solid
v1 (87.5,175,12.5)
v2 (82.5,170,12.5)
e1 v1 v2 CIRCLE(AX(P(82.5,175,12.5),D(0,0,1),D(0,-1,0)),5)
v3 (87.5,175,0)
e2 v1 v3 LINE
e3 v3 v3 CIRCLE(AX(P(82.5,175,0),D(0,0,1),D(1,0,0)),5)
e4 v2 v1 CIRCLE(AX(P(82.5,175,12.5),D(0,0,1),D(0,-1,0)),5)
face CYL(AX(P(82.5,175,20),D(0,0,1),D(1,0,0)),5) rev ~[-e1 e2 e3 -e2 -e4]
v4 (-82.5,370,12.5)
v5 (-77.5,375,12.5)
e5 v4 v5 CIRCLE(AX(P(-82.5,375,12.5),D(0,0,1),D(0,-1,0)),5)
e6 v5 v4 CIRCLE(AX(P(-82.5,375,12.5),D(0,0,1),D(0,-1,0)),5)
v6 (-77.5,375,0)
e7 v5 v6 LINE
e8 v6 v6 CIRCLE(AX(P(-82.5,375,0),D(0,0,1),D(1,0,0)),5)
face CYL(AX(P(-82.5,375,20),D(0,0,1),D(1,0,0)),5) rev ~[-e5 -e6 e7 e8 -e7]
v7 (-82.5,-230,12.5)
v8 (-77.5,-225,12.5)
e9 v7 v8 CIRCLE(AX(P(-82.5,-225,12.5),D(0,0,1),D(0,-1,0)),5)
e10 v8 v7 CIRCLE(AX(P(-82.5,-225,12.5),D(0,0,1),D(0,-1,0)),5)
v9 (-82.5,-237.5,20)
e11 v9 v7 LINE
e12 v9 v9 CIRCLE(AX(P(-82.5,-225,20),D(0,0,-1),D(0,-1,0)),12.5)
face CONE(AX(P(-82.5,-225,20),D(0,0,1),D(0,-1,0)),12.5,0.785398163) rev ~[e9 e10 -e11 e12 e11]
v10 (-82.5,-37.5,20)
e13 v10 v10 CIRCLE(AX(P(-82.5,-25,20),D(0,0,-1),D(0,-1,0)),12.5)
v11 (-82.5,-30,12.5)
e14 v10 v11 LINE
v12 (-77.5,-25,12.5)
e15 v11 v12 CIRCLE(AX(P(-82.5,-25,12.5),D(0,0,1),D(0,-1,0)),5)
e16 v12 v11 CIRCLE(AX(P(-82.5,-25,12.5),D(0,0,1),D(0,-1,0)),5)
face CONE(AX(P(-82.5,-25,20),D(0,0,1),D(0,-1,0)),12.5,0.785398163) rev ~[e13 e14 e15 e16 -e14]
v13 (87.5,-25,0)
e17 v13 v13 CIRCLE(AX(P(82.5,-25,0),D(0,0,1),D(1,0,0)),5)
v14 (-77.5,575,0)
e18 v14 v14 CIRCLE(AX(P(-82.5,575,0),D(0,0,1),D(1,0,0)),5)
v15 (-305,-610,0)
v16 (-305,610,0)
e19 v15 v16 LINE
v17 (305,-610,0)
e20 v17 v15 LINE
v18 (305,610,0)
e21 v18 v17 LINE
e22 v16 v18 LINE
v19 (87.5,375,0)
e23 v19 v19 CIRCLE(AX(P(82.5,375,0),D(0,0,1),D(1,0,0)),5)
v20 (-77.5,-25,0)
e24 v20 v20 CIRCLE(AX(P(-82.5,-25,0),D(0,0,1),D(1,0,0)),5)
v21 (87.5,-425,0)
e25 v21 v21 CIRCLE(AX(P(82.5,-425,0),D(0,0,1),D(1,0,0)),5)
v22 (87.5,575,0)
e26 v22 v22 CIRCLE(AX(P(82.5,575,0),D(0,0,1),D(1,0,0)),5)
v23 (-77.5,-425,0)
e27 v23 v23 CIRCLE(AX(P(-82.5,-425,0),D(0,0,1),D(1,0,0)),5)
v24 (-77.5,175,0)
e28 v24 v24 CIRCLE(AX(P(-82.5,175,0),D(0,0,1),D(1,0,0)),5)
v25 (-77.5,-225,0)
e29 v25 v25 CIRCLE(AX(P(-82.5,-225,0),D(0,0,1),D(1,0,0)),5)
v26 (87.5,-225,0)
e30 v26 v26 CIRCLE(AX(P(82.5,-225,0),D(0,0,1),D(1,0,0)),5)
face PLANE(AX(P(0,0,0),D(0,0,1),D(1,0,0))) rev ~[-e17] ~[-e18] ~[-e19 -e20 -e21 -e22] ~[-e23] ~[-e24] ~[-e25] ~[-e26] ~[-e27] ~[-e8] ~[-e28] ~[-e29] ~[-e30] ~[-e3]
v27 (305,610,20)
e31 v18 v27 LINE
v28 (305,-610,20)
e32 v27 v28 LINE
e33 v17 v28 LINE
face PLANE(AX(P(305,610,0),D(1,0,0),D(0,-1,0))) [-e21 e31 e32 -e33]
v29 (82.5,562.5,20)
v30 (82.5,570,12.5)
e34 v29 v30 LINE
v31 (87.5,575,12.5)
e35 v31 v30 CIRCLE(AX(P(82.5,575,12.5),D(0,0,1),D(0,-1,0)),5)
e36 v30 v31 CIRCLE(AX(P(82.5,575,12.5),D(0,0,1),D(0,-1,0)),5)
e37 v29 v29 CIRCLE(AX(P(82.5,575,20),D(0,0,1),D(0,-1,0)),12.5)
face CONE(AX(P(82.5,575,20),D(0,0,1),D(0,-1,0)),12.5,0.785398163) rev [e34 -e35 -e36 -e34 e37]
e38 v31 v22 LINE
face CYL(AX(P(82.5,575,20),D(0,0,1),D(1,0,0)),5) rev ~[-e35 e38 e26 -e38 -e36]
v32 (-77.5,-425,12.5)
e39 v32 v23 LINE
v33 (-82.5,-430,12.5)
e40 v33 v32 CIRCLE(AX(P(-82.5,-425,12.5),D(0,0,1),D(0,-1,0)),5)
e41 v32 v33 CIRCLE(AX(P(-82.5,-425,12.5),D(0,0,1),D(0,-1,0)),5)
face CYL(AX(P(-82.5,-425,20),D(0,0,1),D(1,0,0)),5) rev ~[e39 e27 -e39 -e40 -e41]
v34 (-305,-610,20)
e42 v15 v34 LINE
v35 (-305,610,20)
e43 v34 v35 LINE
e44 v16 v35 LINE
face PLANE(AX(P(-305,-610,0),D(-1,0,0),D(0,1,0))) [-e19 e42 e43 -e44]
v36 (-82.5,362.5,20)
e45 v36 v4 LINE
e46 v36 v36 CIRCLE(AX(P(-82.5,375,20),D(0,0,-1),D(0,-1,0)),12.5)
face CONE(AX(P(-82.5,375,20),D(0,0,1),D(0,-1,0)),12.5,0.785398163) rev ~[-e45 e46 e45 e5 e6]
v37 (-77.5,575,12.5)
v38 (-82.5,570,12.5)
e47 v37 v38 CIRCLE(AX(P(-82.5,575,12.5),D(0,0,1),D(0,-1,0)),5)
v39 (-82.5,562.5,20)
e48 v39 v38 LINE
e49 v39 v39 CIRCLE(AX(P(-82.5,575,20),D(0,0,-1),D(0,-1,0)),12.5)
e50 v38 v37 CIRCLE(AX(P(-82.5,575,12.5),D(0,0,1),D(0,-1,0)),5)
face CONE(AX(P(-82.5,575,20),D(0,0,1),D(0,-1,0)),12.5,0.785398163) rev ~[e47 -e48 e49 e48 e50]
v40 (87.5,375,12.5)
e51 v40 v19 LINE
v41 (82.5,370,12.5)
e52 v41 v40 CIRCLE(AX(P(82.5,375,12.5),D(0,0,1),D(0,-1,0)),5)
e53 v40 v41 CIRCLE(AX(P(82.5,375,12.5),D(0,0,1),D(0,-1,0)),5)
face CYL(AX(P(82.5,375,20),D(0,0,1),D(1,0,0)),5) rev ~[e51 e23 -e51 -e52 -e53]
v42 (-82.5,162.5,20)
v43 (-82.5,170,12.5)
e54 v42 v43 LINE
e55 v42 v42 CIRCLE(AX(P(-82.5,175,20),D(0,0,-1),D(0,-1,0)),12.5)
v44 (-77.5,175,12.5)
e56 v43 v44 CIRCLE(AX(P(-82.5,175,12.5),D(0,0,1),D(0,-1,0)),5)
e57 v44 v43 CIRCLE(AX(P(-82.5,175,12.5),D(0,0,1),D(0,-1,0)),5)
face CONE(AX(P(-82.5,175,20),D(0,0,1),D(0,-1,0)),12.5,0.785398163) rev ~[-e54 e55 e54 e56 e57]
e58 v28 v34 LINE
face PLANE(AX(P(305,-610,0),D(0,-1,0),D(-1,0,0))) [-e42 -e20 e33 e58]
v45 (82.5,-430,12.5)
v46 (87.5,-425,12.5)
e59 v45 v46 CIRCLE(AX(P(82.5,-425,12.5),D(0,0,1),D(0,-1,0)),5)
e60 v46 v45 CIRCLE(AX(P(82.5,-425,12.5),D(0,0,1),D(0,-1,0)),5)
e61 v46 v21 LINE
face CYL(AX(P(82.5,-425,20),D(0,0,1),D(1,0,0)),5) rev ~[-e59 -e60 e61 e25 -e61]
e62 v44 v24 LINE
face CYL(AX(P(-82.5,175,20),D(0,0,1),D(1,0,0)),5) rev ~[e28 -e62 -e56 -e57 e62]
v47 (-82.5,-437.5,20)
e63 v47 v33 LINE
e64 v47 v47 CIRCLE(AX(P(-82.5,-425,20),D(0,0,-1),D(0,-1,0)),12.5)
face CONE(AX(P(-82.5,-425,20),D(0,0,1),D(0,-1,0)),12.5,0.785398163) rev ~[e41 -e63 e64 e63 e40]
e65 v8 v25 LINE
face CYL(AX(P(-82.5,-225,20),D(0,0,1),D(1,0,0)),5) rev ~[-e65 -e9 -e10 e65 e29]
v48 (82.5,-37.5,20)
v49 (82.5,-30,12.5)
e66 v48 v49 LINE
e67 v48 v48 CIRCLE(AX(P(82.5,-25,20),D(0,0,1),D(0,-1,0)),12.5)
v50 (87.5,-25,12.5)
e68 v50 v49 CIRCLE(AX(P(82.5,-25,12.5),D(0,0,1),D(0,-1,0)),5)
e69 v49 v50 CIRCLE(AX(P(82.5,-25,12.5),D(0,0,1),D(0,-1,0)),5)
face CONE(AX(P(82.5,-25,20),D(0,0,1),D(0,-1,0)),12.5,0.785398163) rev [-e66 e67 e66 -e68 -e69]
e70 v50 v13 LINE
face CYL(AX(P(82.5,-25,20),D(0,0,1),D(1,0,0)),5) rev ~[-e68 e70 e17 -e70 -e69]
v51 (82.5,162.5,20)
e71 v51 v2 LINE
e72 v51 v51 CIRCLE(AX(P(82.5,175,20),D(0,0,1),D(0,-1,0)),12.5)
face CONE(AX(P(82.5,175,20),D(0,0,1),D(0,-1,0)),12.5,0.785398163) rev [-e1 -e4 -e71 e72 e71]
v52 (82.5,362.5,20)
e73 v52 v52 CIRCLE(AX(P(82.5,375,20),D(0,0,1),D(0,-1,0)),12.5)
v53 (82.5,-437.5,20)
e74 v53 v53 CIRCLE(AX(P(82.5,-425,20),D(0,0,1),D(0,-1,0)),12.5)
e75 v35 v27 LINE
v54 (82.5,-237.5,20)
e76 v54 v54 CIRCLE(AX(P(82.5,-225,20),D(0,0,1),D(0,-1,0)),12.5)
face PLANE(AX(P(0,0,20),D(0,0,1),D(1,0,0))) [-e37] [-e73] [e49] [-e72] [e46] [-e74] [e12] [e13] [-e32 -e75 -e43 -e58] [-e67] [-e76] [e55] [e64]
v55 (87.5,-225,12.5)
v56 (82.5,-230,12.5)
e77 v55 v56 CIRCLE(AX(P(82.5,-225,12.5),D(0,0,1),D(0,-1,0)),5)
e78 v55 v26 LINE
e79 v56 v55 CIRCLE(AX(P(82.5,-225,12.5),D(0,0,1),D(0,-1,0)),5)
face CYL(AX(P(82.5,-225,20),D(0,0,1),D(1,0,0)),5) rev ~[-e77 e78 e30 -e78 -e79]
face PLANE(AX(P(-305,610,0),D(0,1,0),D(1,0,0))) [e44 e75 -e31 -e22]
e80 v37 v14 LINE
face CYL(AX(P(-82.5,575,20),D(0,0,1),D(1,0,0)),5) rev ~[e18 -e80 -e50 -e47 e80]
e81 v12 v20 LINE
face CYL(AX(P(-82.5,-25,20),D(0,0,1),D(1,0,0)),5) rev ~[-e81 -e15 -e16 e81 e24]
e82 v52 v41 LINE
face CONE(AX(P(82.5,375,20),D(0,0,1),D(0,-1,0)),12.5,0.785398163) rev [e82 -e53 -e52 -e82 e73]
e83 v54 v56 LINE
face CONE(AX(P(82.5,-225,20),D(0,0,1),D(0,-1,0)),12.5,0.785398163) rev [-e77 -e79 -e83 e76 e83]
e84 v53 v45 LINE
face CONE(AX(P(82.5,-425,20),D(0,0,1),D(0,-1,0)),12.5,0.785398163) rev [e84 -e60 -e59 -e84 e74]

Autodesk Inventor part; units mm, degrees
ref_plane "YZ Plane" through (0, 0, 0) normal (1, 0, 0) x (0, 1, 0)
ref_plane "XZ Plane" through (0, 0, 0) normal (0, 1, 0) x (-1, 0, 0)
ref_plane "XY Plane" through (0, 0, 0) normal (0, 0, 1) x (1, 0, 0)
sketch "Sketch1" plane through (0, 0, 0) normal (0, 0, 1) x (1, 0, 0)
  line L0 (-305, 610) -> (305, 610)
  line L1 (305, 610) -> (305, -610)
  line L2 (305, -610) -> (-305, -610)
  line L3 (-305, -610) -> (-305, 610)
  line L4 (-305, 610) -> (305, -610) construction
  line L5 (305, 610) -> (-305, -610) construction
  point P0 (0, 0)
  dimension "d0" = 610
  dimension "d1" = 1220
extrude "Extrusion1" add sketch "Sketch1" along normal blind 20
sketch "Sketch2" plane through (0, 0, 20) normal (0, 0, 1) x (1, 0, 0)
  circle A0 centre (82.5, 575) radius 5 projected
  circle A1 centre (82.5, -25) radius 5 projected
  circle A2 centre (82.5, 375) radius 5 projected
  circle A3 centre (82.5, -225) radius 5 projected
  circle A4 centre (82.5, 175) radius 5 projected
  arc A5 (92.5, -250) -> (97.5, -245) centre (92.5, -245) ccw projected
  line L0 (69.5, -250) -> (92.5, -250) projected
  line L1 (69.5, -250) -> (69.5, 600) projected
  line L2 (92.5, 600) -> (69.5, 600) projected
  arc A6 (97.5, 595) -> (92.5, 600) centre (92.5, 595) ccw projected
  line L3 (97.5, -245) -> (97.5, 595) projected
  circle A7 centre (-82.5, 575) radius 5 projected
  circle A8 centre (-82.5, -25) radius 5 projected
  circle A9 centre (-82.5, 375) radius 5 projected
  circle A10 centre (-82.5, -225) radius 5 projected
  circle A11 centre (-82.5, 175) radius 5 projected
  arc A12 (-97.5, -245) -> (-92.5, -250) centre (-92.5, -245) ccw projected
  line L4 (-97.5, 595) -> (-97.5, -245) projected
  arc A13 (-92.5, 600) -> (-97.5, 595) centre (-92.5, 595) ccw projected
  line L5 (-69.5, 600) -> (-92.5, 600) projected
  line L6 (-69.5, -250) -> (-69.5, 600) projected
  line L7 (-92.5, -250) -> (-69.5, -250) projected
  point P0 (0, 0)
extrude "Extrusion2" cut sketch "Sketch2" against normal through all contours A0 | A1 | A2 | A3 | A4 | A7 | A8 | A9 | A10 | A11
sketch "Sketch3" plane through (0, 0, 20) normal (0, 0, 1) x (1, 0, 0)
  circle A0 centre (-82.5, 575) radius 5 projected
  point P0 (0, 0)
hole "Hole1" at (-82.5, 575, 20) direction (0, 0, -1) diameter 8 end through all countersink diameter 25 countersink angle 90
mirror "Mirror1" about plane through (0, 0, 0) normal (1, 0, 0) of "Hole1"
pattern_linear "Rectangular Pattern1" count 6 spacing 200 along (0, -1, 0) of "Hole1", "Mirror1"
sketch "Sketch4" plane through (0, 0, 20) normal (0, 0, 1) x (1, 0, 0)
  circle A0 centre (82.5, -425) radius 5 projected
  circle A1 centre (-82.5, -425) radius 5 projected
  point P0 (0, 0)
extrude "Extrusion3" cut sketch "Sketch4" against normal through all
equation "\"BendRadius\" = Thickness"
equation "\"BendReliefWidth\" = Thickness"
equation "\"BendReliefDepth\" = 0.5 * Thickness"
equation "\"CornerReliefSize\" = 4 * Thickness"
equation "\"MinimumRemnant\" = 2 * Thickness"
equation "\"TransitionRadius\" = BendRadius"
equation "\"JacobiRadiusSize\" = Thickness"
equation "\"GapSize\" = Thickness"
equation "\"Thickness\" = 0.5"
properties part number "IMS-00-003" material "Wood (Birch)"
